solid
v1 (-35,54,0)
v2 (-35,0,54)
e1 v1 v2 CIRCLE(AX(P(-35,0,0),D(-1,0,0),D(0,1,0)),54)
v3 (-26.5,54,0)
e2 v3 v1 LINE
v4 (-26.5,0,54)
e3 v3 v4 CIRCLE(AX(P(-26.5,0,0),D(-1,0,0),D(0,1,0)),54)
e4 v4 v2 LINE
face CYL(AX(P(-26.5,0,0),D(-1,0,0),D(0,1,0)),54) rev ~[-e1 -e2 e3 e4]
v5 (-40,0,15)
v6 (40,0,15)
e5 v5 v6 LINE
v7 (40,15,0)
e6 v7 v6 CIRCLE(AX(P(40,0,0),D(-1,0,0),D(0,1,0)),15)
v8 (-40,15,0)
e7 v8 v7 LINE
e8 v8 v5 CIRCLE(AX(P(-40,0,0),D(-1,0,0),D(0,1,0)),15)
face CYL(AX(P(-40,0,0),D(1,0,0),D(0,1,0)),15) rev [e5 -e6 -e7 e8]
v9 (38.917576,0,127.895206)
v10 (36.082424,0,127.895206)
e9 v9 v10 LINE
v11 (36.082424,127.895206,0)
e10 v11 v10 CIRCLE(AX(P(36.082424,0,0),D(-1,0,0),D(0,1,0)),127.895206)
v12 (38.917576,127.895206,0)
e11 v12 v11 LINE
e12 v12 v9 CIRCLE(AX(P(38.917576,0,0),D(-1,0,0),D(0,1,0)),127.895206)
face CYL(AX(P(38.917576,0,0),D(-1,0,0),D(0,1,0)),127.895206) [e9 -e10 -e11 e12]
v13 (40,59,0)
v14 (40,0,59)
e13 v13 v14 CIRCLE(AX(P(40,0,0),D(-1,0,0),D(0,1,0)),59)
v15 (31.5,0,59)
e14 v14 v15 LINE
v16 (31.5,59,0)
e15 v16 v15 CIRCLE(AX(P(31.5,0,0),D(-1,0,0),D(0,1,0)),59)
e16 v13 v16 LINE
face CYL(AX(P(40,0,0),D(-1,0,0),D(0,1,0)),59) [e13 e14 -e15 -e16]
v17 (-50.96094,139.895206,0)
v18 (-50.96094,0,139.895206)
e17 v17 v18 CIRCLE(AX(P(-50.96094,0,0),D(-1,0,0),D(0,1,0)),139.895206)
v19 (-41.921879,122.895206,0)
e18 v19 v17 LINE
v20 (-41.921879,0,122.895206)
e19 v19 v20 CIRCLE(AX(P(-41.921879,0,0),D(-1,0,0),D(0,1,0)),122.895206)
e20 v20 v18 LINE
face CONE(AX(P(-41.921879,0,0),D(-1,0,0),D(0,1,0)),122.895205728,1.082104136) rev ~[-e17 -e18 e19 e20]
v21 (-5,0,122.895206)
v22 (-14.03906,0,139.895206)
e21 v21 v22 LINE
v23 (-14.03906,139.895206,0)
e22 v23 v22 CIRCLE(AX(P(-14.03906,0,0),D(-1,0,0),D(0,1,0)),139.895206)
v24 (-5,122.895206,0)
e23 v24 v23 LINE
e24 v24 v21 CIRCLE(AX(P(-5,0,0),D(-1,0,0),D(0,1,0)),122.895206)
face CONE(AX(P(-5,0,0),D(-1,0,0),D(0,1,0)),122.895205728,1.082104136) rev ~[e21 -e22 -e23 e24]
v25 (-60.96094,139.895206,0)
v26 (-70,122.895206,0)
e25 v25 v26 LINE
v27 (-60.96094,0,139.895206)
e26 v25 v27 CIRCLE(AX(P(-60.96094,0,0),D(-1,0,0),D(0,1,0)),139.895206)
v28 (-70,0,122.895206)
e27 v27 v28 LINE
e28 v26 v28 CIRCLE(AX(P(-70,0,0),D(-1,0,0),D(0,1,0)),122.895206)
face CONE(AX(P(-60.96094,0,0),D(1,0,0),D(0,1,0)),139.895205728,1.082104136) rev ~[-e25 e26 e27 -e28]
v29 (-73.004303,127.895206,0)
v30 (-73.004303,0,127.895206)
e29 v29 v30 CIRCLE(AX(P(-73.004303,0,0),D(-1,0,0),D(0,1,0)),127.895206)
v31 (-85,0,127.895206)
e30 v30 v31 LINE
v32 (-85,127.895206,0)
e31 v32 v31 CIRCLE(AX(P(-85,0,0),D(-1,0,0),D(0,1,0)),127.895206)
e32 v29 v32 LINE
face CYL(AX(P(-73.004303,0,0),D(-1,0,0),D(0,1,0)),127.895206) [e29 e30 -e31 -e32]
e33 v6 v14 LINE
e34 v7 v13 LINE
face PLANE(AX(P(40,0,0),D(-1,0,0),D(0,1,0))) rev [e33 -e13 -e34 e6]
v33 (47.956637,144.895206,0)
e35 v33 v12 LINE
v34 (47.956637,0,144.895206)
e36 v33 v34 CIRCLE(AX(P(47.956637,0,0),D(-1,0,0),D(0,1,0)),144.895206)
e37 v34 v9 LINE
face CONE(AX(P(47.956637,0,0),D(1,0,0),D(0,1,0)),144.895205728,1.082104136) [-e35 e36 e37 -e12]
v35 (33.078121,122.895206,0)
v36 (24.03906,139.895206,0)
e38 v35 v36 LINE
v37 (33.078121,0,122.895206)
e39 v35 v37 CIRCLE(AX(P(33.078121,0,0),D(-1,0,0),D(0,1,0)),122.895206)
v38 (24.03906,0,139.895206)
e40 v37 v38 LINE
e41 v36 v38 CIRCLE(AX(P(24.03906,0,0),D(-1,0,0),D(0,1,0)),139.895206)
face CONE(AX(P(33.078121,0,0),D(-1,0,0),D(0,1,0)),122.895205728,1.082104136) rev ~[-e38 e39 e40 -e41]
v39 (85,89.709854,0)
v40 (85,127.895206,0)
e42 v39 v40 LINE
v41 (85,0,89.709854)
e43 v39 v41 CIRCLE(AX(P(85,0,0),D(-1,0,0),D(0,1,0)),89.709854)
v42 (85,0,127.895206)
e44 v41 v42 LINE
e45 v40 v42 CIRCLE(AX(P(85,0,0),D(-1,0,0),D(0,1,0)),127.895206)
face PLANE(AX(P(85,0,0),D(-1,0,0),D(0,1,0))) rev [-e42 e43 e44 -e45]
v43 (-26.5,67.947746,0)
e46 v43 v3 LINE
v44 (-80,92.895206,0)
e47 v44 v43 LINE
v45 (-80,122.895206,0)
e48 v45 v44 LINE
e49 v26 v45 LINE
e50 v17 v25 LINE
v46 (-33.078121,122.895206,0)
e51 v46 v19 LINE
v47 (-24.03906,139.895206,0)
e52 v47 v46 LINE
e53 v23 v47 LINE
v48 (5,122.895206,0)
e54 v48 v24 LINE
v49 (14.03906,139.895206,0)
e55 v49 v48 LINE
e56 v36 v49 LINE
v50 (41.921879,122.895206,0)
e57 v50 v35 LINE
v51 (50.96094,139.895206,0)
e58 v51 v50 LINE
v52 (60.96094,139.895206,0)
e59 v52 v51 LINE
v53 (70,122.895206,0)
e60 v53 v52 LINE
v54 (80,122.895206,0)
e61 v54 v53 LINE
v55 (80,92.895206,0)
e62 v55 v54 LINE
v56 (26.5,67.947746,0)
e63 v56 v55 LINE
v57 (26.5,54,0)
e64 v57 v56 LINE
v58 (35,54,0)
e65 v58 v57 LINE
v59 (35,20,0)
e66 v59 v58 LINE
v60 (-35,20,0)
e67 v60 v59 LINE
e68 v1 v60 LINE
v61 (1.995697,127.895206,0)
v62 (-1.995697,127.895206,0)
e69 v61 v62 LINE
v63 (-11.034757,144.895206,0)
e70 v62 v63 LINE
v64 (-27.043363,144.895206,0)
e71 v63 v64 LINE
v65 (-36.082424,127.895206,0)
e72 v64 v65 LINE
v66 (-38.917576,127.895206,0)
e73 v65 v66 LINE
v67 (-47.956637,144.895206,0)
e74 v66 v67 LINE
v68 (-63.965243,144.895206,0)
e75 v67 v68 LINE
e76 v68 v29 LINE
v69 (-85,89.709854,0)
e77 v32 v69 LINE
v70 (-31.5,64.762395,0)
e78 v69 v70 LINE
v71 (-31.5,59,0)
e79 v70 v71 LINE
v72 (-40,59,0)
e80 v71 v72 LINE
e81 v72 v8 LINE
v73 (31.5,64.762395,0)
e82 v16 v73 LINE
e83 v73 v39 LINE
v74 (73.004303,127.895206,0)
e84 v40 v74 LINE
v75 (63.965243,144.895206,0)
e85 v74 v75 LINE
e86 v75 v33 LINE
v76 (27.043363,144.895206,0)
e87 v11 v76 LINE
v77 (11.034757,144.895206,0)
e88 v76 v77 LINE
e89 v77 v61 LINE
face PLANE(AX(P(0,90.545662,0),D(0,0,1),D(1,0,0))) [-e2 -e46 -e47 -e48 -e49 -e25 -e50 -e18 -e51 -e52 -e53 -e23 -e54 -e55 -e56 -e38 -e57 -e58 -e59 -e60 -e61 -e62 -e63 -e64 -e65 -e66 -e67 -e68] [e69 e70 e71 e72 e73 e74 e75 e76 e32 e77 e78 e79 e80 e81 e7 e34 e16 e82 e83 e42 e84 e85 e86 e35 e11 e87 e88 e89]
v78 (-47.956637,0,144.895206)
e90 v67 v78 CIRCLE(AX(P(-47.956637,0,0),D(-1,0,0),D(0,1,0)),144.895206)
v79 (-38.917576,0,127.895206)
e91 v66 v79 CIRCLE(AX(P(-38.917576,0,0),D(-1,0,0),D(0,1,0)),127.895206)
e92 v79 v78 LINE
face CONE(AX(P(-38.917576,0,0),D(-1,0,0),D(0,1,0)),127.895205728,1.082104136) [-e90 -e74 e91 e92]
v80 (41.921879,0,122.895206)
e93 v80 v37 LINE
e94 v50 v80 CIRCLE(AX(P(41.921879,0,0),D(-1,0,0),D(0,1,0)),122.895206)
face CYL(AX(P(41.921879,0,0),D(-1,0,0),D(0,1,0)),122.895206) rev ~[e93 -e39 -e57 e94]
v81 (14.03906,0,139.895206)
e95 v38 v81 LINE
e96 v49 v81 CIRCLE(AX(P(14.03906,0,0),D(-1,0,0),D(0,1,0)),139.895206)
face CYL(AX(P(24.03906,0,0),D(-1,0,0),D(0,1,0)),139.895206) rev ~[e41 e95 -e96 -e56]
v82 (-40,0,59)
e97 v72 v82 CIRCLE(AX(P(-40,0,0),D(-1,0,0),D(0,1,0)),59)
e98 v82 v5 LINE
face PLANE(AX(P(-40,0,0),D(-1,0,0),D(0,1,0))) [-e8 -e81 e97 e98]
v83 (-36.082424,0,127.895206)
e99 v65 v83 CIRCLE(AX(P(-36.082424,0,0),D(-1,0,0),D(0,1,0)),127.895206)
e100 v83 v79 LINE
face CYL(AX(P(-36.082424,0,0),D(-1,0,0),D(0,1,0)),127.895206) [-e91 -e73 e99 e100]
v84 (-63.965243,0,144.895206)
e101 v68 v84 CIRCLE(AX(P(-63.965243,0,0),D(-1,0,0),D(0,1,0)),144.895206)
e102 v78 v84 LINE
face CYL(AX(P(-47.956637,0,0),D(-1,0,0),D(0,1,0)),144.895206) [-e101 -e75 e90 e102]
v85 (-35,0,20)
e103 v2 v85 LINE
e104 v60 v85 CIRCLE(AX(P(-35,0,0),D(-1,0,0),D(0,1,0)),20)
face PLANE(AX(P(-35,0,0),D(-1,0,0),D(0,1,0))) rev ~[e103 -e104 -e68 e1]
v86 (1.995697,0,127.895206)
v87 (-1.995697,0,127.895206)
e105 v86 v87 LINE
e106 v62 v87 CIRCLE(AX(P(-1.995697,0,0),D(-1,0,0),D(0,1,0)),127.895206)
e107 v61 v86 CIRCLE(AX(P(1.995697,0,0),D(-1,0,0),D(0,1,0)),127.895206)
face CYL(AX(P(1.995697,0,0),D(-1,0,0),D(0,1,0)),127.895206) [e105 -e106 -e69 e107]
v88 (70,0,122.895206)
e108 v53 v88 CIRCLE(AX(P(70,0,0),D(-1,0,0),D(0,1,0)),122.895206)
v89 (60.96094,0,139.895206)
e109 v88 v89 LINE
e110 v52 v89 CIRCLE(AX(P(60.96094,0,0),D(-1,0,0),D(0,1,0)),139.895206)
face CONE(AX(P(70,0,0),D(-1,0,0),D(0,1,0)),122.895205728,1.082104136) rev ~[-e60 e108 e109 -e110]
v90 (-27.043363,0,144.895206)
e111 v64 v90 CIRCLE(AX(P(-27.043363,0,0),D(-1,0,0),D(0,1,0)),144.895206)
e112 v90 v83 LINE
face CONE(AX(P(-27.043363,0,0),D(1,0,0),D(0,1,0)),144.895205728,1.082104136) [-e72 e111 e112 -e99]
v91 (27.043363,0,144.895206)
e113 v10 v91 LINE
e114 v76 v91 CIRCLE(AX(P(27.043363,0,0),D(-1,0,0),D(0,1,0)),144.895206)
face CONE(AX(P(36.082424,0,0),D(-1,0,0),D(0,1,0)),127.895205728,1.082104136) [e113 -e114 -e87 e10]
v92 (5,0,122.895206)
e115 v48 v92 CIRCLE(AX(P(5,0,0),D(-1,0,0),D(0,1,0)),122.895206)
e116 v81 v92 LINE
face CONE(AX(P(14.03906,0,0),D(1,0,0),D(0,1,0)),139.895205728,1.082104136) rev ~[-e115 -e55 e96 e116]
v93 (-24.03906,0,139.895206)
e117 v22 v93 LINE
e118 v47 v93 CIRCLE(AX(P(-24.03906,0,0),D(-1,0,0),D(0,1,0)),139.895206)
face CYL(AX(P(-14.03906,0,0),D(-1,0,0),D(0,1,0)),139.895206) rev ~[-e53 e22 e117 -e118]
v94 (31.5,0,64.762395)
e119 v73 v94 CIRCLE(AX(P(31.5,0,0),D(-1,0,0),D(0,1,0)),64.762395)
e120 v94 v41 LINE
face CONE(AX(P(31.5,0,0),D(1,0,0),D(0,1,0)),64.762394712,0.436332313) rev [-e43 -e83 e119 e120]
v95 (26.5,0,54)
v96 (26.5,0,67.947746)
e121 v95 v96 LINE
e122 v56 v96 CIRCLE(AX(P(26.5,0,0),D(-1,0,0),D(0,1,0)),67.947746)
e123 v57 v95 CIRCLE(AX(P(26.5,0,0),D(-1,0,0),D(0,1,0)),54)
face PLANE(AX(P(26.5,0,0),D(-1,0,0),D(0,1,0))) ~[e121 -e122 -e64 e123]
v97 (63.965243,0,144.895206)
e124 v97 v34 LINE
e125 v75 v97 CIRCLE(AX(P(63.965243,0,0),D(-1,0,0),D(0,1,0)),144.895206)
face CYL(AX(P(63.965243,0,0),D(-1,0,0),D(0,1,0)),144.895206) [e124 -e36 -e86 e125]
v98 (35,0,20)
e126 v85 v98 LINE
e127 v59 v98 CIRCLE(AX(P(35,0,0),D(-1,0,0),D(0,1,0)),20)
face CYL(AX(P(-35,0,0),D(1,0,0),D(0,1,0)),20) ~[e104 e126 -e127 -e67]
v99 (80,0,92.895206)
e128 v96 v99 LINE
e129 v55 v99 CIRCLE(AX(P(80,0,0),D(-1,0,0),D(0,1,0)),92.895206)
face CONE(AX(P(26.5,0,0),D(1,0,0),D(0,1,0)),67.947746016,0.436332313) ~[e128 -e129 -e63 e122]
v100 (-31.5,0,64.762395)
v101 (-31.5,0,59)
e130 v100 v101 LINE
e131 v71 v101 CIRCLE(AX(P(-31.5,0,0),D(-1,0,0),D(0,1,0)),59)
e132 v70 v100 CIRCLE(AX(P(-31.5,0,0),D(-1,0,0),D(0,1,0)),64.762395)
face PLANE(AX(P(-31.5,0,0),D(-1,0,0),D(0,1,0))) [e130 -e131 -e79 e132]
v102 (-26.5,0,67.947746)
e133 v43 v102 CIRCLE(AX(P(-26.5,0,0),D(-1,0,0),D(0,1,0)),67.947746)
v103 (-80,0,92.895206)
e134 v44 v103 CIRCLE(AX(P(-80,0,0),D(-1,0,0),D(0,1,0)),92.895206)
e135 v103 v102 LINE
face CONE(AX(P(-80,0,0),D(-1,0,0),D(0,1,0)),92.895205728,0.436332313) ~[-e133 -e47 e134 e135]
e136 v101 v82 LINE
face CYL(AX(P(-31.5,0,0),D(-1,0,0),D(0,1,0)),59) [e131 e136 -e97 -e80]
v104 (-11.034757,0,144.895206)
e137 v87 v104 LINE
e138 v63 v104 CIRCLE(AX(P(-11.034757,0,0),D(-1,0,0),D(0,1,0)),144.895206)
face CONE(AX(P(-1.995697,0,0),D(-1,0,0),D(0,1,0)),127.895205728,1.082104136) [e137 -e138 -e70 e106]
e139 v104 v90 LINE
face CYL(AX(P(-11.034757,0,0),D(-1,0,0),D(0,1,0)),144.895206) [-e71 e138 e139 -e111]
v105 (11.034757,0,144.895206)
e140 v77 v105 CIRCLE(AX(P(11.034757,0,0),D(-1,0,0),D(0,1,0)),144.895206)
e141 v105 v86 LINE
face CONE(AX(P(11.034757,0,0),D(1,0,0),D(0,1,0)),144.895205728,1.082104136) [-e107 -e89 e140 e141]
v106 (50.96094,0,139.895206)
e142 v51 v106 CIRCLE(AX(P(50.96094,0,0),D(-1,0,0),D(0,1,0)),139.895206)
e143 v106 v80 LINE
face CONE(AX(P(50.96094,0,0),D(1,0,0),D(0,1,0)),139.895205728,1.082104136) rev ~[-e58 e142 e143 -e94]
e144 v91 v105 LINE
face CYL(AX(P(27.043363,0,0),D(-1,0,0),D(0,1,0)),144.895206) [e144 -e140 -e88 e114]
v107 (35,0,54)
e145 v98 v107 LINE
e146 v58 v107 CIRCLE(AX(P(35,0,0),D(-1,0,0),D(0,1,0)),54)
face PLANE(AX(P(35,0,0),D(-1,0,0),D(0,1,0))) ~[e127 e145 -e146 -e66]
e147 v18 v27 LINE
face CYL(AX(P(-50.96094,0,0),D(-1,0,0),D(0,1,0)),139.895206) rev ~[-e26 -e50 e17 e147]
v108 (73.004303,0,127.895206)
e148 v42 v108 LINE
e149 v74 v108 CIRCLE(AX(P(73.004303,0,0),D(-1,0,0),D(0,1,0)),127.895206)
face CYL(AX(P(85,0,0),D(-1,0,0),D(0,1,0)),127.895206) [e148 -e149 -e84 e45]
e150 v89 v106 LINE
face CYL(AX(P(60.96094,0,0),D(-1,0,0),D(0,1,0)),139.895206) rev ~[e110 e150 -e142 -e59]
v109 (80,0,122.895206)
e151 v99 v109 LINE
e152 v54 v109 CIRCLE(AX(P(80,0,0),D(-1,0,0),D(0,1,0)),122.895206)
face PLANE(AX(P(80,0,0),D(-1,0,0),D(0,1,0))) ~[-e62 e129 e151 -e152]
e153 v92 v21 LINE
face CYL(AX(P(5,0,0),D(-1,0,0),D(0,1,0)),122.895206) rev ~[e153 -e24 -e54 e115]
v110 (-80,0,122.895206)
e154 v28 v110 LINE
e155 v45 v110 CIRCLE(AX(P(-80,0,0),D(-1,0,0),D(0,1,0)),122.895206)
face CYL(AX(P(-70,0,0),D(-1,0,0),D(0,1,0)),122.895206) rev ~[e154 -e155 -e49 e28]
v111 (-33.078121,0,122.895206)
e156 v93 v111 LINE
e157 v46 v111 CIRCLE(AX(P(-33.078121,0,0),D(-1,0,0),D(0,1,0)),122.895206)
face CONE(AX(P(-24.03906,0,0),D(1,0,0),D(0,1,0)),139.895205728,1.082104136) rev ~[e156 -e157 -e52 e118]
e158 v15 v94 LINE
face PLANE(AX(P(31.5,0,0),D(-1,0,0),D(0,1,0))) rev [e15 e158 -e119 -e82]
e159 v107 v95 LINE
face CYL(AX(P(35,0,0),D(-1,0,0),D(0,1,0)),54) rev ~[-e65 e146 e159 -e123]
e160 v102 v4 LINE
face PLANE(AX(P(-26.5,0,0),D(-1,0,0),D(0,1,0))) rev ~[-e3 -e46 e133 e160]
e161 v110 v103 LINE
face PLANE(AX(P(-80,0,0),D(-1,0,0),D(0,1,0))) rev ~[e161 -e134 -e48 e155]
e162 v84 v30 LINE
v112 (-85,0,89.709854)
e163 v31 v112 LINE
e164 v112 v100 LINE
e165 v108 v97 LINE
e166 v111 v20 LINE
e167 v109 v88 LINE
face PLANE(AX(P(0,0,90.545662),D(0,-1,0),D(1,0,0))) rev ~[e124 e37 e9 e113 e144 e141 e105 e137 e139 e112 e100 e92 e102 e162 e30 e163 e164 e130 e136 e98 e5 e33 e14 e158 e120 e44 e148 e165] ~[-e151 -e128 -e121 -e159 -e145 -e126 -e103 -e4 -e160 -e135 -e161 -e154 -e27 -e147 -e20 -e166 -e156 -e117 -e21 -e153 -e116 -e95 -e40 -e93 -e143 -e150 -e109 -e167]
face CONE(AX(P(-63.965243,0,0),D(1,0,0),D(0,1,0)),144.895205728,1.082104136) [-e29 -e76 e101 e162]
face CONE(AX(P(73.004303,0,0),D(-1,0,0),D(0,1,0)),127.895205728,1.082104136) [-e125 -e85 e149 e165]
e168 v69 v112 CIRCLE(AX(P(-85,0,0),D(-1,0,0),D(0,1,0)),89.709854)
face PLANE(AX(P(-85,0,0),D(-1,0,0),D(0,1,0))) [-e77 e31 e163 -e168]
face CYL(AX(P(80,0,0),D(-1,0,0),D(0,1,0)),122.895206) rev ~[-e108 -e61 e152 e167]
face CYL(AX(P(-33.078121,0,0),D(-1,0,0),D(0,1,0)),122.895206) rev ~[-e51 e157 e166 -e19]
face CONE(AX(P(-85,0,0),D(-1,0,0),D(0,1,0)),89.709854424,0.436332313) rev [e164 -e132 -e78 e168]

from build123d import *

# Parameters (mm, degrees)
REVOLVE_THIN1_ANGLE = 270


with BuildPart() as part:
    # Sketch1 → Revolve-Thin1 (revolve)
    with BuildSketch(Plane.XY):
        Polygon((-1.995696905, 127.895205728), (-11.034757243, 144.895205728), (-27.043363433, 144.895205728), (-36.082423772, 127.895205728), (-38.917576228, 127.895205728), (-47.956636567, 144.895205728), (-63.965242757, 144.895205728), (-73.004303095, 127.895205728), (-85, 127.895205728), (-85, 89.709854424), (-31.5, 64.762394712), (-31.5, 59), (-40, 59), (-40, 15), (40, 15), (40, 59), (31.5, 59), (31.5, 64.762394712), (85, 89.709854424), (85, 127.895205728), (73.004303095, 127.895205728), (63.965242757, 144.895205728), (47.956636567, 144.895205728), (38.917576228, 127.895205728), (36.082423772, 127.895205728), (27.043363433, 144.895205728), (11.034757243, 144.895205728), (1.995696905, 127.895205728), align=None)
        Polygon((-5, 122.895205728), (-14.039060338, 139.895205728), (-24.039060338, 139.895205728), (-33.078120676, 122.895205728), (-41.921879324, 122.895205728), (-50.960939662, 139.895205728), (-60.960939662, 139.895205728), (-70, 122.895205728), (-80, 122.895205728), (-80, 92.895205728), (-26.5, 67.947746016), (-26.5, 54), (-35, 54), (-35, 20), (35, 20), (35, 54), (26.5, 54), (26.5, 67.947746016), (80, 92.895205728), (80, 122.895205728), (70, 122.895205728), (60.960939662, 139.895205728), (50.960939662, 139.895205728), (41.921879324, 122.895205728), (33.078120676, 122.895205728), (24.039060338, 139.895205728), (14.039060338, 139.895205728), (5, 122.895205728), align=None, mode=Mode.SUBTRACT)
    revolve(axis=Axis((0, 0, 0), (-1, 0, 0)), revolution_arc=REVOLVE_THIN1_ANGLE)


solid = part.part
